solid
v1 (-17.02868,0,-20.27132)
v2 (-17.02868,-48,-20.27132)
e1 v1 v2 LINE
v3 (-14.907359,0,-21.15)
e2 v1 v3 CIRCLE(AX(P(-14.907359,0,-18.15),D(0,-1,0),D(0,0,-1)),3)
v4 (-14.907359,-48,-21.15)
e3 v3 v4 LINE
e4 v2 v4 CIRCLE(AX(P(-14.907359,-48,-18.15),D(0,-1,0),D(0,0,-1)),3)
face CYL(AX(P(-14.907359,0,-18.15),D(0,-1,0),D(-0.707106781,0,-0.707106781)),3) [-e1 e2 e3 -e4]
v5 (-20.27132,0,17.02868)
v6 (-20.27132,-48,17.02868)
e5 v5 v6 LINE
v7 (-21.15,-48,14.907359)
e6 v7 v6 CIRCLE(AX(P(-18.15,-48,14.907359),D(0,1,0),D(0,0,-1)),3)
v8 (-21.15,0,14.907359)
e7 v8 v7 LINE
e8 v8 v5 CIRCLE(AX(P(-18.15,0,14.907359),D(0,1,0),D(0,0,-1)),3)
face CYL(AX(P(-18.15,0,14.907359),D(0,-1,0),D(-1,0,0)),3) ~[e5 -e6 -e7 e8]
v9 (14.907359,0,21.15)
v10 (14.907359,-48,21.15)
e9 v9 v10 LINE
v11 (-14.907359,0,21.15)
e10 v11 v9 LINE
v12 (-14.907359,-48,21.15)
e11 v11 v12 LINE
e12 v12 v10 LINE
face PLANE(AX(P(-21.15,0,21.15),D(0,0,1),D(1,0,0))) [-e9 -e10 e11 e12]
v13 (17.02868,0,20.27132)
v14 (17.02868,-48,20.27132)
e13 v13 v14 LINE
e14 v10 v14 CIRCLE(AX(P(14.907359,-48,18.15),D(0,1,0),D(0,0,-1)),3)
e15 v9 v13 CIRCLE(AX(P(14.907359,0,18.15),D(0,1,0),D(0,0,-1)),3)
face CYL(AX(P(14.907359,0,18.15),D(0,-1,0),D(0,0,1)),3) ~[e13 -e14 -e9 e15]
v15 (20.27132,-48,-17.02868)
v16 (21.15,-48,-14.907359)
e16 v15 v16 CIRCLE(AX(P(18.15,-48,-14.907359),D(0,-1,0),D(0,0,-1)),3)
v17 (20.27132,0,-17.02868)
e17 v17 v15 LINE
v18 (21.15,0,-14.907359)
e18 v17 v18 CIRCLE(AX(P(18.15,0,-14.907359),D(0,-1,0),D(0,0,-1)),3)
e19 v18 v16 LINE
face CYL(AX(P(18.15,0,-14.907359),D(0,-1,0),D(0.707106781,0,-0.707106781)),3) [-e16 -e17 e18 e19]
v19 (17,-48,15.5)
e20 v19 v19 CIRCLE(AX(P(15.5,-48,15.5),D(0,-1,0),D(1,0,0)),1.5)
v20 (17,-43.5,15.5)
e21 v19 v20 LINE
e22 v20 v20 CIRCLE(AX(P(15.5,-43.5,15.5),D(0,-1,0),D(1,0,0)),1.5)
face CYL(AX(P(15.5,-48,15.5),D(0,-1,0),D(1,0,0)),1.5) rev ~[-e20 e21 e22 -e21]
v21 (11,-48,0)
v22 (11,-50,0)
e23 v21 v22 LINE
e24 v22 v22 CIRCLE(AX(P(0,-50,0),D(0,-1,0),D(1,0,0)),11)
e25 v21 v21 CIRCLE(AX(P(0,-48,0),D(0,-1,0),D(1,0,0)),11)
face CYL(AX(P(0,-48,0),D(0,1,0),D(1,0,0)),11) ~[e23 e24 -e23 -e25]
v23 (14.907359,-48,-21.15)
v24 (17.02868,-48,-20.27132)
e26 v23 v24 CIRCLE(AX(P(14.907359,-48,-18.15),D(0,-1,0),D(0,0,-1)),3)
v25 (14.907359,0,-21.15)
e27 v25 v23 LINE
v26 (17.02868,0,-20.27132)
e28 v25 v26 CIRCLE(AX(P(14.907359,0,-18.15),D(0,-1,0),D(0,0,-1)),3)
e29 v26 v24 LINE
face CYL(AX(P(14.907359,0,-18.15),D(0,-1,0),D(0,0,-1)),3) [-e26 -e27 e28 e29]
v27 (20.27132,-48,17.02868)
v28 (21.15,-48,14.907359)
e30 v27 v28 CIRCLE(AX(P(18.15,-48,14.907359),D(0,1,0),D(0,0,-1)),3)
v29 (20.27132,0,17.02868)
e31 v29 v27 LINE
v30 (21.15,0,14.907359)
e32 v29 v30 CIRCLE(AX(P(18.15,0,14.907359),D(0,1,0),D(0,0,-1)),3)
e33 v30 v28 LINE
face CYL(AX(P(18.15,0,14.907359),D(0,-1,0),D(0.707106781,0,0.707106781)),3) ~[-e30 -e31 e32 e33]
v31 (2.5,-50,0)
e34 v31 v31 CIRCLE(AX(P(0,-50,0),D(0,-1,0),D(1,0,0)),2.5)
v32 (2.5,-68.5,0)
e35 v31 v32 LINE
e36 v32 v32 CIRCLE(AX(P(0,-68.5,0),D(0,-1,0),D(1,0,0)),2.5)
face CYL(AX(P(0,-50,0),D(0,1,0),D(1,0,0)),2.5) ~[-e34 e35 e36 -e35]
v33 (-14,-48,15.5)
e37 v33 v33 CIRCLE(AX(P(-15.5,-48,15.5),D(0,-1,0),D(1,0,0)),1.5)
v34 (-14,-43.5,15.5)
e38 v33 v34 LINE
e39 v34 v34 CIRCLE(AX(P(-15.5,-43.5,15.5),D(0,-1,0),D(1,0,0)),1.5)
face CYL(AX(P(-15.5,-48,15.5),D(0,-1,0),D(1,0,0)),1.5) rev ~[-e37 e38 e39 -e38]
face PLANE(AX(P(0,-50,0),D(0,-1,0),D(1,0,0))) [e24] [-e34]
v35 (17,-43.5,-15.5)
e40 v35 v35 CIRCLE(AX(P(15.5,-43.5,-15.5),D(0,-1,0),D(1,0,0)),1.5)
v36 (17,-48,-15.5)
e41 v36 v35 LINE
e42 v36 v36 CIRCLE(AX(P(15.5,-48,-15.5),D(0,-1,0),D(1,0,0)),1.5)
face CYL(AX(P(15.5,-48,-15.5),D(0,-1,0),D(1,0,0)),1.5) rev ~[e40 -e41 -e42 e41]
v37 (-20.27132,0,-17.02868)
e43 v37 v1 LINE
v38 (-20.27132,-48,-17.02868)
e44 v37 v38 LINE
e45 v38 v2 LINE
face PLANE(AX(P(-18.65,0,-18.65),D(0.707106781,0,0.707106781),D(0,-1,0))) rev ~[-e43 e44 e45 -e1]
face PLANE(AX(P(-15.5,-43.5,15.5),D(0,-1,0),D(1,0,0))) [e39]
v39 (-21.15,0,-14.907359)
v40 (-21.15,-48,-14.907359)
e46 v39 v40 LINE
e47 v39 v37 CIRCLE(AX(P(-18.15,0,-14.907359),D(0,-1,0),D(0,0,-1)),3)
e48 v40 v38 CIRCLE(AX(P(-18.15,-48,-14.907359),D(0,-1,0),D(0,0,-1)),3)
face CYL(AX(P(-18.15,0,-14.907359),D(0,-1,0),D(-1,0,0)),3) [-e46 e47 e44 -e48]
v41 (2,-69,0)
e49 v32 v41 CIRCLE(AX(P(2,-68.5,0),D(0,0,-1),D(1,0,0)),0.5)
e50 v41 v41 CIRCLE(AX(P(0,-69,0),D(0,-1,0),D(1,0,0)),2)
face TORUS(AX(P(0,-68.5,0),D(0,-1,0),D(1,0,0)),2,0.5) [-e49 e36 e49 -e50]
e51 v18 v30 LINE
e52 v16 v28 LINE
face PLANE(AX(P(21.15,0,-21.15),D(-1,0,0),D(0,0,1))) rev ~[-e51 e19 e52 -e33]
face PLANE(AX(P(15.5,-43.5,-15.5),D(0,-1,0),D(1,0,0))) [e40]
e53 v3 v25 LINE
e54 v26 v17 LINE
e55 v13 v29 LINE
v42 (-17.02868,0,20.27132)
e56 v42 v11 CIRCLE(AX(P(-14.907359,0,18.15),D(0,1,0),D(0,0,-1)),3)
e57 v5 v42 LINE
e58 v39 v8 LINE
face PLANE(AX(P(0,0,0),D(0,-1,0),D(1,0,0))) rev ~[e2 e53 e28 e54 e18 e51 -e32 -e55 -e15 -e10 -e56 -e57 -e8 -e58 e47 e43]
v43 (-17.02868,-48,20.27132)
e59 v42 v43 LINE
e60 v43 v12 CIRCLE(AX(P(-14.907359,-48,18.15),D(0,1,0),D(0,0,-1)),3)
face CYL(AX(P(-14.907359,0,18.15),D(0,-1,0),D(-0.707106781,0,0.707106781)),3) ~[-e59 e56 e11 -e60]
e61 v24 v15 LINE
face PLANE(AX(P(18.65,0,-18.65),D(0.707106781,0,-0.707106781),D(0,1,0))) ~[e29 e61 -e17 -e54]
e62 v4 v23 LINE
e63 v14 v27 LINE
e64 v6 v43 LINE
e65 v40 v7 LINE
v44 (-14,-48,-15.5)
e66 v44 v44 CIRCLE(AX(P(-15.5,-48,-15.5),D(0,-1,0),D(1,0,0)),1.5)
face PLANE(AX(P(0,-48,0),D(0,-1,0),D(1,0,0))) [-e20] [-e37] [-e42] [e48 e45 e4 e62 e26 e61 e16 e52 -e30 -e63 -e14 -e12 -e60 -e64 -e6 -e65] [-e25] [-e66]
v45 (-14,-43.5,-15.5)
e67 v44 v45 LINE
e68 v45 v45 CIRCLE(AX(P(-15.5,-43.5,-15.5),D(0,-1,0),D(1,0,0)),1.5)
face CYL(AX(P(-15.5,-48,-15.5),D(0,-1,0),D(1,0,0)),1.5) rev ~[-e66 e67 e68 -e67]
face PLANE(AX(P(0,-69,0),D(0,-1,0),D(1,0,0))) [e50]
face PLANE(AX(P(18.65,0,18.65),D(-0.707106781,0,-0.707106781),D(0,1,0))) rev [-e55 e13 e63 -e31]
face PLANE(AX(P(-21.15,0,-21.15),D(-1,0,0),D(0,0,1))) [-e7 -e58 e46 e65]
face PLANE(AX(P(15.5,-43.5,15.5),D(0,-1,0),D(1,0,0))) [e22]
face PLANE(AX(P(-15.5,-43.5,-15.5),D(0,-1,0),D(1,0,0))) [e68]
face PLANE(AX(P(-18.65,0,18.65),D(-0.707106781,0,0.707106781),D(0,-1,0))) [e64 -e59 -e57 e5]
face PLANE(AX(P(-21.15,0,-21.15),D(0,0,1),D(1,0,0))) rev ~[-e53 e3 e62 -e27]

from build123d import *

# Parameters (mm, degrees)
F0_W     = 42.3
F0_H     = 42.3
F1_DEPTH = 48
F2_R     = 1.5
F3_DEPTH = 4.5
F4_R     = 11
F5_DEPTH = 2
F6_SIZE  = 5
F7_R     = 2.5
F8_DEPTH = 19
F9_R     = 0.5
F10_R    = 3


with BuildPart() as f1:
    # F0 (on Front) → F1 (new body)
    with BuildSketch(Plane.XZ):
        Rectangle(F0_W, F0_H)
    extrude(amount=F1_DEPTH)

    # F2 (on face) → F3 (cut)
    with BuildSketch(Plane.XZ.offset(48)):
        with Locations((-15.5, 15.5)):
            Circle(F2_R)
        with Locations((-15.5, -15.5)):
            Circle(F2_R)
        with Locations((15.5, -15.5)):
            Circle(F2_R)
        with Locations((15.5, 15.5)):
            Circle(F2_R)
    extrude(amount=-F3_DEPTH, mode=Mode.SUBTRACT)

    # F4 (on face) → F5 (join)
    with BuildSketch(Plane.XZ.offset(48)):
        Circle(F4_R)
    extrude(amount=F5_DEPTH)

    # F6
    f6_edges = [f1.edges().sort_by_distance(p)[0] for p in [
        (21.15, -24, 21.15),
        (-21.15, -24, 21.15),
        (-21.15, -24, -21.15),
        (21.15, -24, -21.15),
    ]]
    chamfer(f6_edges, length=F6_SIZE)

    # F7 (on face) → F8 (join)
    with BuildSketch(Plane.XZ.offset(50)):
        Circle(F7_R)
    extrude(amount=F8_DEPTH)

    # F9
    f9_edges = [f1.edges().sort_by_distance(p)[0] for p in [
        (-2.5, -69, 0),
    ]]
    fillet(f9_edges, radius=F9_R)

    # F10
    f10_edges = [f1.edges().sort_by_distance(p)[0] for p in [
        (16.15, -24, -21.15),
        (21.15, -24, -16.15),
        (-16.15, -24, -21.15),
        (-21.15, -24, -16.15),
        (21.15, -24, 16.15),
        (16.15, -24, 21.15),
        (-16.15, -24, 21.15),
        (-21.15, -24, 16.15),
    ]]
    fillet(f10_edges, radius=F10_R)


solid = f1.part
